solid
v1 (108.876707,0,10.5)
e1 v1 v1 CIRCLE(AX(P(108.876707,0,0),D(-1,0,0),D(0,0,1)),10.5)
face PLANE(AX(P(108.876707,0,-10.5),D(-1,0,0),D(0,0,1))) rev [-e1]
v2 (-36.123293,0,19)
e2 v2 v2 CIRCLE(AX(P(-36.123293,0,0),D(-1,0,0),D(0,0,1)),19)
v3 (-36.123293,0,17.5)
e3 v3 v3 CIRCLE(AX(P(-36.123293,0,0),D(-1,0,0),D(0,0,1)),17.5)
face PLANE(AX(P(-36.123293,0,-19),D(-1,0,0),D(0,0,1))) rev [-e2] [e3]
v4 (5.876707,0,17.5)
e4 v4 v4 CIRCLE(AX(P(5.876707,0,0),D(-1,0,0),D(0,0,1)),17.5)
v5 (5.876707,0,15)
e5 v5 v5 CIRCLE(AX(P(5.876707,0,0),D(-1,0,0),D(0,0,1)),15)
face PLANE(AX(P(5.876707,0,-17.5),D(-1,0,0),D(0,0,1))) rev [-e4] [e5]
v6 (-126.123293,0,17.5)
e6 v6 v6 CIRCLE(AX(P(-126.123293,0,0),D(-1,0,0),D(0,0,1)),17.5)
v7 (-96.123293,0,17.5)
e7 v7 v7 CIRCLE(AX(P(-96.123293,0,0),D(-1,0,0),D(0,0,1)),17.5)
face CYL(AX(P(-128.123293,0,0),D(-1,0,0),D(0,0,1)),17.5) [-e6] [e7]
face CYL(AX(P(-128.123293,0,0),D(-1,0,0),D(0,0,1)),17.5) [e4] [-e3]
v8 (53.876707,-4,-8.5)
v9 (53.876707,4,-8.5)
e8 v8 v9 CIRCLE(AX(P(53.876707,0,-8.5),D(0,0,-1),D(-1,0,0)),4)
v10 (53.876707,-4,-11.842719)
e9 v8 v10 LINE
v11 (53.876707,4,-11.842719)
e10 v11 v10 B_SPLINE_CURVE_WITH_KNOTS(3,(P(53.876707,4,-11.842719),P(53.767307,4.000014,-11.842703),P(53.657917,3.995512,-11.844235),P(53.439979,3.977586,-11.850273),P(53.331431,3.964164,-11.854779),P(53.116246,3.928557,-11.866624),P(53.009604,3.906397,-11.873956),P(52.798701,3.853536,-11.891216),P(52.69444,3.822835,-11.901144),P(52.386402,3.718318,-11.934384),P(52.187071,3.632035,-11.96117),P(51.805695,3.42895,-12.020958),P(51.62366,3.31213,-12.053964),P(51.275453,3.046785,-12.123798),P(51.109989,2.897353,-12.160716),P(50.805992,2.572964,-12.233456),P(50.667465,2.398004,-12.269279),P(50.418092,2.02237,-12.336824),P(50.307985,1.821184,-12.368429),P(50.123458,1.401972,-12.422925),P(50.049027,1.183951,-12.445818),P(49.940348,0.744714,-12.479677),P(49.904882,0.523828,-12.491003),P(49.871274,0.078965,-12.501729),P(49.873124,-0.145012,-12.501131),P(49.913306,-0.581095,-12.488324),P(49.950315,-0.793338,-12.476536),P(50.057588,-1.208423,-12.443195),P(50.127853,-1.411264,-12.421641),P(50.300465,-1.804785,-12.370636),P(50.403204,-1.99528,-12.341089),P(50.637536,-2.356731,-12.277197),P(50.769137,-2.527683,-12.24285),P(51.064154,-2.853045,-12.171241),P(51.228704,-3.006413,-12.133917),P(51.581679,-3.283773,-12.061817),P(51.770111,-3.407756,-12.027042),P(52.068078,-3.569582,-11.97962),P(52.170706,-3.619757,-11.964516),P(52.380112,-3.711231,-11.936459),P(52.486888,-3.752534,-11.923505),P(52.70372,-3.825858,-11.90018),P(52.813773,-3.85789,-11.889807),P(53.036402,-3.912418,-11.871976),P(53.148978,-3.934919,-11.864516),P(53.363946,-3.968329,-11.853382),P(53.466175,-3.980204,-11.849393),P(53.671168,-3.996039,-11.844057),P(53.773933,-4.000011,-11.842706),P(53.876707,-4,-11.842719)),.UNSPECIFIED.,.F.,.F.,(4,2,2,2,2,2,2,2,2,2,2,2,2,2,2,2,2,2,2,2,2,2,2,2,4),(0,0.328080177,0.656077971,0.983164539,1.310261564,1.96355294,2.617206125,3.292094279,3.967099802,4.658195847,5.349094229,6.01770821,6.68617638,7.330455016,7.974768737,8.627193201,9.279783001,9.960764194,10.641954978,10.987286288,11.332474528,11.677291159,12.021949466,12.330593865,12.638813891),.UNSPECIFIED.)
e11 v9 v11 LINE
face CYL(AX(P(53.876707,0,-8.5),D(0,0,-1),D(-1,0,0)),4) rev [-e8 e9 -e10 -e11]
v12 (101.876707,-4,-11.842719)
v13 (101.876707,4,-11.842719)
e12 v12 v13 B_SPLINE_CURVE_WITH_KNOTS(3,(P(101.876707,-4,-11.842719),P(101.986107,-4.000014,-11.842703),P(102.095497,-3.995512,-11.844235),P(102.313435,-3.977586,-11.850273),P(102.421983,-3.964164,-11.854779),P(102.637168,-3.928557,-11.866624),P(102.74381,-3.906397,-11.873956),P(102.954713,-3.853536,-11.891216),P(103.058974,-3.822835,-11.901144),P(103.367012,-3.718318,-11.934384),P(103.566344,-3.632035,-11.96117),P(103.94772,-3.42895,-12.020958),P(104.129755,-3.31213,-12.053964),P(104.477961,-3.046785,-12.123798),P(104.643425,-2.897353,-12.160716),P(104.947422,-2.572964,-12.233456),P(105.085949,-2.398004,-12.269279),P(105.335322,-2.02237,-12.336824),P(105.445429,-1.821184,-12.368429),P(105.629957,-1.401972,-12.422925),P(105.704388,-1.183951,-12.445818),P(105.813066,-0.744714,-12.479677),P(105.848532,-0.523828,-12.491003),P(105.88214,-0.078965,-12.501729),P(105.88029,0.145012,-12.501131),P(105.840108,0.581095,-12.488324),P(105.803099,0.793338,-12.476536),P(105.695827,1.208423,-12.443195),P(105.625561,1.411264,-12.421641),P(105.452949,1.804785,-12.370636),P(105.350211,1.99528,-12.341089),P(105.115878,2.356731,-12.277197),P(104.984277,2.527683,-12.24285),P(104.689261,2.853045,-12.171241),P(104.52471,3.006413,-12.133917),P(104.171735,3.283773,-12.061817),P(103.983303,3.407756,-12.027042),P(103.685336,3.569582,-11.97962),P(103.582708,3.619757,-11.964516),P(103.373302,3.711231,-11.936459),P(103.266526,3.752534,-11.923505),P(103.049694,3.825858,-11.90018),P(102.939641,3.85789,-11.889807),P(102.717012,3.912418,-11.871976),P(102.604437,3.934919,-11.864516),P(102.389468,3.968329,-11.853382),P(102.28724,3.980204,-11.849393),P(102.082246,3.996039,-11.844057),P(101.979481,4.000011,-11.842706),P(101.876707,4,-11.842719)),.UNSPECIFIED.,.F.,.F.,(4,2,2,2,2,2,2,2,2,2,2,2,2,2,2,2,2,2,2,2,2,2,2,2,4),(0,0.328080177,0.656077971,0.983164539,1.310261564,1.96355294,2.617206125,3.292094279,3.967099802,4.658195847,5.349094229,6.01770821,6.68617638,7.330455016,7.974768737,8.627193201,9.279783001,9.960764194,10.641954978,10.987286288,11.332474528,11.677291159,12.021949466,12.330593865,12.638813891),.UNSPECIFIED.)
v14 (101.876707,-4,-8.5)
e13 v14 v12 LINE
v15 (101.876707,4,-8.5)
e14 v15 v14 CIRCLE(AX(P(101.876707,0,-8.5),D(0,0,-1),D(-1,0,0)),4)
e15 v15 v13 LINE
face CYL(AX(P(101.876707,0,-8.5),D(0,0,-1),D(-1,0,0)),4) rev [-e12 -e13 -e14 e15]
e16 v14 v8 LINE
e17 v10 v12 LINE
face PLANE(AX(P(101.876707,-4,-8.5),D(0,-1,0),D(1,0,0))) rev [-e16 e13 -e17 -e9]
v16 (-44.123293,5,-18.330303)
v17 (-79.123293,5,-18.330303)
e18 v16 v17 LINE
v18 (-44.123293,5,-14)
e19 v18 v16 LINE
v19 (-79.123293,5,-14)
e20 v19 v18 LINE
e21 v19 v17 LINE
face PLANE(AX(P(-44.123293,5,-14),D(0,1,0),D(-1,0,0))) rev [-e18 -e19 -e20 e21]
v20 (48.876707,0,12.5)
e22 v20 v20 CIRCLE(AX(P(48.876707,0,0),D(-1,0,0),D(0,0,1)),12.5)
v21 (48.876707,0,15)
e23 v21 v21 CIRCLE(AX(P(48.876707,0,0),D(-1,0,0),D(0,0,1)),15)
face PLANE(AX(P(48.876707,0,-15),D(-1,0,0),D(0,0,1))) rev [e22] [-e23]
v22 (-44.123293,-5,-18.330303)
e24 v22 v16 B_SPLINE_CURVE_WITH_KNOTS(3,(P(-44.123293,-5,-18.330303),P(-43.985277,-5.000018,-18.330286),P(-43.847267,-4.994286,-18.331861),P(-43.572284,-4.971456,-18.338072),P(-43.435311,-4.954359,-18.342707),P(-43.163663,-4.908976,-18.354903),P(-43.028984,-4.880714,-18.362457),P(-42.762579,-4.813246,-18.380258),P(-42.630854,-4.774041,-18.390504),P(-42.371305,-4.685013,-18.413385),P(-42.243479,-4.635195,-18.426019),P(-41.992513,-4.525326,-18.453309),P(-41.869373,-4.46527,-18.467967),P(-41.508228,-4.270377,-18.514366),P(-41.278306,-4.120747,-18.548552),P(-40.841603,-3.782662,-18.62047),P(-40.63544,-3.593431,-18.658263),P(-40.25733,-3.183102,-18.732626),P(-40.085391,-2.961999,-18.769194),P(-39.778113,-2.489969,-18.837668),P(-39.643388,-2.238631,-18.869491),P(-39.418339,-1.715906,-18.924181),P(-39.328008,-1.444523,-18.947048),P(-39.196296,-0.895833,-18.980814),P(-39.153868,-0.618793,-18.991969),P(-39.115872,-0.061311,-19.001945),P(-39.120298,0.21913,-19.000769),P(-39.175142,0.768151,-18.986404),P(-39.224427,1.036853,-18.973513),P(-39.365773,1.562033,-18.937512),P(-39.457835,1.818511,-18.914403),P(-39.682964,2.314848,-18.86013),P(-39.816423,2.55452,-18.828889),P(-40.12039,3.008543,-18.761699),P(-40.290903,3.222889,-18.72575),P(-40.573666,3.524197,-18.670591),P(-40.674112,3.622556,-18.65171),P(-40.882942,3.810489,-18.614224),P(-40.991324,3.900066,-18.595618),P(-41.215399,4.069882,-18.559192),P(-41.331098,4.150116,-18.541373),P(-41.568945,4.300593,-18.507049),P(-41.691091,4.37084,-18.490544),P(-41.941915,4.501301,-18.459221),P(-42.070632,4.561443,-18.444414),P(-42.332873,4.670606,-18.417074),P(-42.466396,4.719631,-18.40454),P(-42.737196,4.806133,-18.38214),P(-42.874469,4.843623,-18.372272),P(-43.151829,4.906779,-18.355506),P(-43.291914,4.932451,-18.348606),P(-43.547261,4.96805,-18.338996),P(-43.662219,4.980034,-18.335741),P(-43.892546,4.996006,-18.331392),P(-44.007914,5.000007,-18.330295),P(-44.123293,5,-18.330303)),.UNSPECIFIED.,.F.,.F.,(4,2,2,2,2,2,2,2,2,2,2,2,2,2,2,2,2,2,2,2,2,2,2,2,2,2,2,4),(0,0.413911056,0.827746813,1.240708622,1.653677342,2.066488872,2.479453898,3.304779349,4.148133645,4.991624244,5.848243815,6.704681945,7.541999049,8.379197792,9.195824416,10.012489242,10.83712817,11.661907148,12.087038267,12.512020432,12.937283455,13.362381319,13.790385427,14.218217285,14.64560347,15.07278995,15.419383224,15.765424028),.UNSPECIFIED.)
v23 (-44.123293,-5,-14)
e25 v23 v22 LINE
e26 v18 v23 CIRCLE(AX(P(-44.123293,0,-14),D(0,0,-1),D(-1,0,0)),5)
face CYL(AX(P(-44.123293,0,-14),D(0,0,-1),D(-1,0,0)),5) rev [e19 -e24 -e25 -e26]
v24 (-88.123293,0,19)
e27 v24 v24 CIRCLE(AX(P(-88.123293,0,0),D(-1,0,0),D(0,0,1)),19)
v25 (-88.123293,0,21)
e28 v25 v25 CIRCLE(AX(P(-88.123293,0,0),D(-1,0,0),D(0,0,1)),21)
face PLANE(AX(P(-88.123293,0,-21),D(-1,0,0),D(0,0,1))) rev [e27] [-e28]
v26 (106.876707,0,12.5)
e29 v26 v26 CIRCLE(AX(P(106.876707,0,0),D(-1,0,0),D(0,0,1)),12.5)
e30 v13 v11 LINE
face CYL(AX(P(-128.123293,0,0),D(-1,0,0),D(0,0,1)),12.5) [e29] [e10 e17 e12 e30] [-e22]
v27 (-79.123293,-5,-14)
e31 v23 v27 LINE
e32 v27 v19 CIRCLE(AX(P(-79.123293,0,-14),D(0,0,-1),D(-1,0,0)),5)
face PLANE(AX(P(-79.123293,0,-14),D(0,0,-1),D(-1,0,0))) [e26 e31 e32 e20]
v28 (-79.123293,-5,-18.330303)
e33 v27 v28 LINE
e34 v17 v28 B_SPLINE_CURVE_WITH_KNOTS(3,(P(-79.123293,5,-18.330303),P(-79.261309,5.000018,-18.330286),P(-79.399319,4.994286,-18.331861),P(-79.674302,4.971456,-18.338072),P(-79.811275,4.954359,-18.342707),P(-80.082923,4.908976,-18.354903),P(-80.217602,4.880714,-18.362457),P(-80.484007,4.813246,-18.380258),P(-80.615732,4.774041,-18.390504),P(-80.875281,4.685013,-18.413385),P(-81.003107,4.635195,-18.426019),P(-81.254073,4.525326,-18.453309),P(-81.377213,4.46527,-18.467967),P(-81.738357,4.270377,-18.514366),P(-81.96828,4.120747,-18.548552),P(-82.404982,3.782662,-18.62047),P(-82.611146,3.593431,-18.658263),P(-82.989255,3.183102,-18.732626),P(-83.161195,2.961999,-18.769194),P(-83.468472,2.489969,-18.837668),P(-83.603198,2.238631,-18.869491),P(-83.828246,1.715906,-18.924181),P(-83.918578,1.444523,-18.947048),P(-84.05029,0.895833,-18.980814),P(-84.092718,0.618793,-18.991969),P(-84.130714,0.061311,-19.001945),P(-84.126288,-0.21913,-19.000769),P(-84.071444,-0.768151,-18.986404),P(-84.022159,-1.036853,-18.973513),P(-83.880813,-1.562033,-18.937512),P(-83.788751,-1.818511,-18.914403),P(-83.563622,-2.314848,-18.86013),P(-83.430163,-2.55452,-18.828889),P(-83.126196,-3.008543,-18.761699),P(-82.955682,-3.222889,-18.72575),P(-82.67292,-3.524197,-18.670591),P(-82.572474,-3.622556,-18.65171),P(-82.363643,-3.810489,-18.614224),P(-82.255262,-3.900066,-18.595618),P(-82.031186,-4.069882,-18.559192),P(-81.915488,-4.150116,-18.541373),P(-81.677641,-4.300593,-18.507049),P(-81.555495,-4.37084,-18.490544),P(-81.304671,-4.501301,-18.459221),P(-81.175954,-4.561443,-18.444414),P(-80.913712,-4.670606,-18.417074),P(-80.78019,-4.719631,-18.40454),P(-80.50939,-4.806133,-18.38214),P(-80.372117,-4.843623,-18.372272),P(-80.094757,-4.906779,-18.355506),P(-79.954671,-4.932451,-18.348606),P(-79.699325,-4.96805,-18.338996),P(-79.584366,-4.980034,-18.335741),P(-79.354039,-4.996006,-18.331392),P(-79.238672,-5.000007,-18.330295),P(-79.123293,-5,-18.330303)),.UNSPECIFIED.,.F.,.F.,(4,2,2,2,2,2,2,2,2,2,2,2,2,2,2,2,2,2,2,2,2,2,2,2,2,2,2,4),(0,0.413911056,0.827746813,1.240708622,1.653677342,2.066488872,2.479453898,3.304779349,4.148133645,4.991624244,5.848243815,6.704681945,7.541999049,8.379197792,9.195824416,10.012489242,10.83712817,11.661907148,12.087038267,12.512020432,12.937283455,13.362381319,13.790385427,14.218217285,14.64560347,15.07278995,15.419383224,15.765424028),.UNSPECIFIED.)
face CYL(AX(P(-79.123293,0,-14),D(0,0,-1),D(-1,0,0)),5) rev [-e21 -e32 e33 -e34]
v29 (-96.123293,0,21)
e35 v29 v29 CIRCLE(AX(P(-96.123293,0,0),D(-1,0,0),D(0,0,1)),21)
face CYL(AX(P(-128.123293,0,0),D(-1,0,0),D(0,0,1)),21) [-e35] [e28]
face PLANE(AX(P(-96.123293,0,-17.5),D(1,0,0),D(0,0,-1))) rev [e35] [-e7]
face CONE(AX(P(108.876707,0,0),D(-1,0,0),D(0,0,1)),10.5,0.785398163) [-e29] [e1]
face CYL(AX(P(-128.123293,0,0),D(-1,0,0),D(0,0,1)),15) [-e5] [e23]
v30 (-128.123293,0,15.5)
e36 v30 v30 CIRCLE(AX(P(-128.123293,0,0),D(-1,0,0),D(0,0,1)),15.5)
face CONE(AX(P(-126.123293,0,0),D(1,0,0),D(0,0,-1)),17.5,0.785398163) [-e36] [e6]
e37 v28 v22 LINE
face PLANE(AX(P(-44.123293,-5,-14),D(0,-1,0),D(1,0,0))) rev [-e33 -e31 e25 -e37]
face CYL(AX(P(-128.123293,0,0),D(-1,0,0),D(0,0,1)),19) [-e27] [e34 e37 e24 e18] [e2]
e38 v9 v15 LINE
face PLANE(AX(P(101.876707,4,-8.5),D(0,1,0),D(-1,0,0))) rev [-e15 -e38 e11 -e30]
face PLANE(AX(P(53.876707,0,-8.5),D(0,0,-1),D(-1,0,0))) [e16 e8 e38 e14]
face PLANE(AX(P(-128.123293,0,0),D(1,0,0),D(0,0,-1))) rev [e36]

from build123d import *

# Parameters (mm, degrees)
CUT_EXTRUDE_1_DEPTH = 4
CUT_EXTRUDE_2_DEPTH = 5


with BuildPart() as part:
    # 草图1 → 旋转1 (revolve)
    with BuildSketch(Plane(origin=(0, 0, 0), x_dir=(1, 0, 0), z_dir=(0, 1, 0)), mode=Mode.PRIVATE) as revolve_1_sk:
        Polygon((-128.123292873, 0), (-128.123292873, 15.5), (-126.123292873, 17.5), (-96.123292873, 17.5), (-96.123292873, 21), (-88.123292873, 21), (-88.123292873, 19), (-36.123292873, 19), (-36.123292873, 17.5), (5.876707127, 17.5), (5.876707127, 15), (48.876707127, 15), (48.876707127, 12.5), (106.876707127, 12.5), (108.876707127, 10.5), (108.876707127, 0), align=None)
    revolve(revolve_1_sk.sketch.rotate(Axis((-128.123292873, 0, 0), (1, 0, 0)), 180), axis=Axis((-128.123292873, 0, 0), (1, 0, 0)))

    # 草图2 → 切除-拉伸1 (cut)
    with BuildSketch(Plane(origin=(0, 0, -12.5), x_dir=(-1, 0, 0), z_dir=(0, 0, -1))):
        with BuildLine():
            Line((-101.876707127, 4), (-53.876707127, 4))
            ThreePointArc((-53.876707127, 4), (-49.876707127, 0), (-53.876707127, -4))
            Line((-53.876707127, -4), (-101.876707127, -4))
            ThreePointArc((-101.876707127, -4), (-105.876707127, 0), (-101.876707127, 4))
        make_face()
    extrude(amount=-CUT_EXTRUDE_1_DEPTH, mode=Mode.SUBTRACT)

    # 草图3 → 切除-拉伸2 (cut)
    with BuildSketch(Plane(origin=(0, 0, -19), x_dir=(-1, 0, 0), z_dir=(0, 0, -1))):
        with BuildLine():
            Line((44.123292873, 5), (79.123292873, 5))
            ThreePointArc((79.123292873, 5), (84.123292873, 0), (79.123292873, -5))
            Line((79.123292873, -5), (44.123292873, -5))
            ThreePointArc((44.123292873, -5), (39.123292873, 0), (44.123292873, 5))
        make_face()
    extrude(amount=-CUT_EXTRUDE_2_DEPTH, mode=Mode.SUBTRACT)


solid = part.part
